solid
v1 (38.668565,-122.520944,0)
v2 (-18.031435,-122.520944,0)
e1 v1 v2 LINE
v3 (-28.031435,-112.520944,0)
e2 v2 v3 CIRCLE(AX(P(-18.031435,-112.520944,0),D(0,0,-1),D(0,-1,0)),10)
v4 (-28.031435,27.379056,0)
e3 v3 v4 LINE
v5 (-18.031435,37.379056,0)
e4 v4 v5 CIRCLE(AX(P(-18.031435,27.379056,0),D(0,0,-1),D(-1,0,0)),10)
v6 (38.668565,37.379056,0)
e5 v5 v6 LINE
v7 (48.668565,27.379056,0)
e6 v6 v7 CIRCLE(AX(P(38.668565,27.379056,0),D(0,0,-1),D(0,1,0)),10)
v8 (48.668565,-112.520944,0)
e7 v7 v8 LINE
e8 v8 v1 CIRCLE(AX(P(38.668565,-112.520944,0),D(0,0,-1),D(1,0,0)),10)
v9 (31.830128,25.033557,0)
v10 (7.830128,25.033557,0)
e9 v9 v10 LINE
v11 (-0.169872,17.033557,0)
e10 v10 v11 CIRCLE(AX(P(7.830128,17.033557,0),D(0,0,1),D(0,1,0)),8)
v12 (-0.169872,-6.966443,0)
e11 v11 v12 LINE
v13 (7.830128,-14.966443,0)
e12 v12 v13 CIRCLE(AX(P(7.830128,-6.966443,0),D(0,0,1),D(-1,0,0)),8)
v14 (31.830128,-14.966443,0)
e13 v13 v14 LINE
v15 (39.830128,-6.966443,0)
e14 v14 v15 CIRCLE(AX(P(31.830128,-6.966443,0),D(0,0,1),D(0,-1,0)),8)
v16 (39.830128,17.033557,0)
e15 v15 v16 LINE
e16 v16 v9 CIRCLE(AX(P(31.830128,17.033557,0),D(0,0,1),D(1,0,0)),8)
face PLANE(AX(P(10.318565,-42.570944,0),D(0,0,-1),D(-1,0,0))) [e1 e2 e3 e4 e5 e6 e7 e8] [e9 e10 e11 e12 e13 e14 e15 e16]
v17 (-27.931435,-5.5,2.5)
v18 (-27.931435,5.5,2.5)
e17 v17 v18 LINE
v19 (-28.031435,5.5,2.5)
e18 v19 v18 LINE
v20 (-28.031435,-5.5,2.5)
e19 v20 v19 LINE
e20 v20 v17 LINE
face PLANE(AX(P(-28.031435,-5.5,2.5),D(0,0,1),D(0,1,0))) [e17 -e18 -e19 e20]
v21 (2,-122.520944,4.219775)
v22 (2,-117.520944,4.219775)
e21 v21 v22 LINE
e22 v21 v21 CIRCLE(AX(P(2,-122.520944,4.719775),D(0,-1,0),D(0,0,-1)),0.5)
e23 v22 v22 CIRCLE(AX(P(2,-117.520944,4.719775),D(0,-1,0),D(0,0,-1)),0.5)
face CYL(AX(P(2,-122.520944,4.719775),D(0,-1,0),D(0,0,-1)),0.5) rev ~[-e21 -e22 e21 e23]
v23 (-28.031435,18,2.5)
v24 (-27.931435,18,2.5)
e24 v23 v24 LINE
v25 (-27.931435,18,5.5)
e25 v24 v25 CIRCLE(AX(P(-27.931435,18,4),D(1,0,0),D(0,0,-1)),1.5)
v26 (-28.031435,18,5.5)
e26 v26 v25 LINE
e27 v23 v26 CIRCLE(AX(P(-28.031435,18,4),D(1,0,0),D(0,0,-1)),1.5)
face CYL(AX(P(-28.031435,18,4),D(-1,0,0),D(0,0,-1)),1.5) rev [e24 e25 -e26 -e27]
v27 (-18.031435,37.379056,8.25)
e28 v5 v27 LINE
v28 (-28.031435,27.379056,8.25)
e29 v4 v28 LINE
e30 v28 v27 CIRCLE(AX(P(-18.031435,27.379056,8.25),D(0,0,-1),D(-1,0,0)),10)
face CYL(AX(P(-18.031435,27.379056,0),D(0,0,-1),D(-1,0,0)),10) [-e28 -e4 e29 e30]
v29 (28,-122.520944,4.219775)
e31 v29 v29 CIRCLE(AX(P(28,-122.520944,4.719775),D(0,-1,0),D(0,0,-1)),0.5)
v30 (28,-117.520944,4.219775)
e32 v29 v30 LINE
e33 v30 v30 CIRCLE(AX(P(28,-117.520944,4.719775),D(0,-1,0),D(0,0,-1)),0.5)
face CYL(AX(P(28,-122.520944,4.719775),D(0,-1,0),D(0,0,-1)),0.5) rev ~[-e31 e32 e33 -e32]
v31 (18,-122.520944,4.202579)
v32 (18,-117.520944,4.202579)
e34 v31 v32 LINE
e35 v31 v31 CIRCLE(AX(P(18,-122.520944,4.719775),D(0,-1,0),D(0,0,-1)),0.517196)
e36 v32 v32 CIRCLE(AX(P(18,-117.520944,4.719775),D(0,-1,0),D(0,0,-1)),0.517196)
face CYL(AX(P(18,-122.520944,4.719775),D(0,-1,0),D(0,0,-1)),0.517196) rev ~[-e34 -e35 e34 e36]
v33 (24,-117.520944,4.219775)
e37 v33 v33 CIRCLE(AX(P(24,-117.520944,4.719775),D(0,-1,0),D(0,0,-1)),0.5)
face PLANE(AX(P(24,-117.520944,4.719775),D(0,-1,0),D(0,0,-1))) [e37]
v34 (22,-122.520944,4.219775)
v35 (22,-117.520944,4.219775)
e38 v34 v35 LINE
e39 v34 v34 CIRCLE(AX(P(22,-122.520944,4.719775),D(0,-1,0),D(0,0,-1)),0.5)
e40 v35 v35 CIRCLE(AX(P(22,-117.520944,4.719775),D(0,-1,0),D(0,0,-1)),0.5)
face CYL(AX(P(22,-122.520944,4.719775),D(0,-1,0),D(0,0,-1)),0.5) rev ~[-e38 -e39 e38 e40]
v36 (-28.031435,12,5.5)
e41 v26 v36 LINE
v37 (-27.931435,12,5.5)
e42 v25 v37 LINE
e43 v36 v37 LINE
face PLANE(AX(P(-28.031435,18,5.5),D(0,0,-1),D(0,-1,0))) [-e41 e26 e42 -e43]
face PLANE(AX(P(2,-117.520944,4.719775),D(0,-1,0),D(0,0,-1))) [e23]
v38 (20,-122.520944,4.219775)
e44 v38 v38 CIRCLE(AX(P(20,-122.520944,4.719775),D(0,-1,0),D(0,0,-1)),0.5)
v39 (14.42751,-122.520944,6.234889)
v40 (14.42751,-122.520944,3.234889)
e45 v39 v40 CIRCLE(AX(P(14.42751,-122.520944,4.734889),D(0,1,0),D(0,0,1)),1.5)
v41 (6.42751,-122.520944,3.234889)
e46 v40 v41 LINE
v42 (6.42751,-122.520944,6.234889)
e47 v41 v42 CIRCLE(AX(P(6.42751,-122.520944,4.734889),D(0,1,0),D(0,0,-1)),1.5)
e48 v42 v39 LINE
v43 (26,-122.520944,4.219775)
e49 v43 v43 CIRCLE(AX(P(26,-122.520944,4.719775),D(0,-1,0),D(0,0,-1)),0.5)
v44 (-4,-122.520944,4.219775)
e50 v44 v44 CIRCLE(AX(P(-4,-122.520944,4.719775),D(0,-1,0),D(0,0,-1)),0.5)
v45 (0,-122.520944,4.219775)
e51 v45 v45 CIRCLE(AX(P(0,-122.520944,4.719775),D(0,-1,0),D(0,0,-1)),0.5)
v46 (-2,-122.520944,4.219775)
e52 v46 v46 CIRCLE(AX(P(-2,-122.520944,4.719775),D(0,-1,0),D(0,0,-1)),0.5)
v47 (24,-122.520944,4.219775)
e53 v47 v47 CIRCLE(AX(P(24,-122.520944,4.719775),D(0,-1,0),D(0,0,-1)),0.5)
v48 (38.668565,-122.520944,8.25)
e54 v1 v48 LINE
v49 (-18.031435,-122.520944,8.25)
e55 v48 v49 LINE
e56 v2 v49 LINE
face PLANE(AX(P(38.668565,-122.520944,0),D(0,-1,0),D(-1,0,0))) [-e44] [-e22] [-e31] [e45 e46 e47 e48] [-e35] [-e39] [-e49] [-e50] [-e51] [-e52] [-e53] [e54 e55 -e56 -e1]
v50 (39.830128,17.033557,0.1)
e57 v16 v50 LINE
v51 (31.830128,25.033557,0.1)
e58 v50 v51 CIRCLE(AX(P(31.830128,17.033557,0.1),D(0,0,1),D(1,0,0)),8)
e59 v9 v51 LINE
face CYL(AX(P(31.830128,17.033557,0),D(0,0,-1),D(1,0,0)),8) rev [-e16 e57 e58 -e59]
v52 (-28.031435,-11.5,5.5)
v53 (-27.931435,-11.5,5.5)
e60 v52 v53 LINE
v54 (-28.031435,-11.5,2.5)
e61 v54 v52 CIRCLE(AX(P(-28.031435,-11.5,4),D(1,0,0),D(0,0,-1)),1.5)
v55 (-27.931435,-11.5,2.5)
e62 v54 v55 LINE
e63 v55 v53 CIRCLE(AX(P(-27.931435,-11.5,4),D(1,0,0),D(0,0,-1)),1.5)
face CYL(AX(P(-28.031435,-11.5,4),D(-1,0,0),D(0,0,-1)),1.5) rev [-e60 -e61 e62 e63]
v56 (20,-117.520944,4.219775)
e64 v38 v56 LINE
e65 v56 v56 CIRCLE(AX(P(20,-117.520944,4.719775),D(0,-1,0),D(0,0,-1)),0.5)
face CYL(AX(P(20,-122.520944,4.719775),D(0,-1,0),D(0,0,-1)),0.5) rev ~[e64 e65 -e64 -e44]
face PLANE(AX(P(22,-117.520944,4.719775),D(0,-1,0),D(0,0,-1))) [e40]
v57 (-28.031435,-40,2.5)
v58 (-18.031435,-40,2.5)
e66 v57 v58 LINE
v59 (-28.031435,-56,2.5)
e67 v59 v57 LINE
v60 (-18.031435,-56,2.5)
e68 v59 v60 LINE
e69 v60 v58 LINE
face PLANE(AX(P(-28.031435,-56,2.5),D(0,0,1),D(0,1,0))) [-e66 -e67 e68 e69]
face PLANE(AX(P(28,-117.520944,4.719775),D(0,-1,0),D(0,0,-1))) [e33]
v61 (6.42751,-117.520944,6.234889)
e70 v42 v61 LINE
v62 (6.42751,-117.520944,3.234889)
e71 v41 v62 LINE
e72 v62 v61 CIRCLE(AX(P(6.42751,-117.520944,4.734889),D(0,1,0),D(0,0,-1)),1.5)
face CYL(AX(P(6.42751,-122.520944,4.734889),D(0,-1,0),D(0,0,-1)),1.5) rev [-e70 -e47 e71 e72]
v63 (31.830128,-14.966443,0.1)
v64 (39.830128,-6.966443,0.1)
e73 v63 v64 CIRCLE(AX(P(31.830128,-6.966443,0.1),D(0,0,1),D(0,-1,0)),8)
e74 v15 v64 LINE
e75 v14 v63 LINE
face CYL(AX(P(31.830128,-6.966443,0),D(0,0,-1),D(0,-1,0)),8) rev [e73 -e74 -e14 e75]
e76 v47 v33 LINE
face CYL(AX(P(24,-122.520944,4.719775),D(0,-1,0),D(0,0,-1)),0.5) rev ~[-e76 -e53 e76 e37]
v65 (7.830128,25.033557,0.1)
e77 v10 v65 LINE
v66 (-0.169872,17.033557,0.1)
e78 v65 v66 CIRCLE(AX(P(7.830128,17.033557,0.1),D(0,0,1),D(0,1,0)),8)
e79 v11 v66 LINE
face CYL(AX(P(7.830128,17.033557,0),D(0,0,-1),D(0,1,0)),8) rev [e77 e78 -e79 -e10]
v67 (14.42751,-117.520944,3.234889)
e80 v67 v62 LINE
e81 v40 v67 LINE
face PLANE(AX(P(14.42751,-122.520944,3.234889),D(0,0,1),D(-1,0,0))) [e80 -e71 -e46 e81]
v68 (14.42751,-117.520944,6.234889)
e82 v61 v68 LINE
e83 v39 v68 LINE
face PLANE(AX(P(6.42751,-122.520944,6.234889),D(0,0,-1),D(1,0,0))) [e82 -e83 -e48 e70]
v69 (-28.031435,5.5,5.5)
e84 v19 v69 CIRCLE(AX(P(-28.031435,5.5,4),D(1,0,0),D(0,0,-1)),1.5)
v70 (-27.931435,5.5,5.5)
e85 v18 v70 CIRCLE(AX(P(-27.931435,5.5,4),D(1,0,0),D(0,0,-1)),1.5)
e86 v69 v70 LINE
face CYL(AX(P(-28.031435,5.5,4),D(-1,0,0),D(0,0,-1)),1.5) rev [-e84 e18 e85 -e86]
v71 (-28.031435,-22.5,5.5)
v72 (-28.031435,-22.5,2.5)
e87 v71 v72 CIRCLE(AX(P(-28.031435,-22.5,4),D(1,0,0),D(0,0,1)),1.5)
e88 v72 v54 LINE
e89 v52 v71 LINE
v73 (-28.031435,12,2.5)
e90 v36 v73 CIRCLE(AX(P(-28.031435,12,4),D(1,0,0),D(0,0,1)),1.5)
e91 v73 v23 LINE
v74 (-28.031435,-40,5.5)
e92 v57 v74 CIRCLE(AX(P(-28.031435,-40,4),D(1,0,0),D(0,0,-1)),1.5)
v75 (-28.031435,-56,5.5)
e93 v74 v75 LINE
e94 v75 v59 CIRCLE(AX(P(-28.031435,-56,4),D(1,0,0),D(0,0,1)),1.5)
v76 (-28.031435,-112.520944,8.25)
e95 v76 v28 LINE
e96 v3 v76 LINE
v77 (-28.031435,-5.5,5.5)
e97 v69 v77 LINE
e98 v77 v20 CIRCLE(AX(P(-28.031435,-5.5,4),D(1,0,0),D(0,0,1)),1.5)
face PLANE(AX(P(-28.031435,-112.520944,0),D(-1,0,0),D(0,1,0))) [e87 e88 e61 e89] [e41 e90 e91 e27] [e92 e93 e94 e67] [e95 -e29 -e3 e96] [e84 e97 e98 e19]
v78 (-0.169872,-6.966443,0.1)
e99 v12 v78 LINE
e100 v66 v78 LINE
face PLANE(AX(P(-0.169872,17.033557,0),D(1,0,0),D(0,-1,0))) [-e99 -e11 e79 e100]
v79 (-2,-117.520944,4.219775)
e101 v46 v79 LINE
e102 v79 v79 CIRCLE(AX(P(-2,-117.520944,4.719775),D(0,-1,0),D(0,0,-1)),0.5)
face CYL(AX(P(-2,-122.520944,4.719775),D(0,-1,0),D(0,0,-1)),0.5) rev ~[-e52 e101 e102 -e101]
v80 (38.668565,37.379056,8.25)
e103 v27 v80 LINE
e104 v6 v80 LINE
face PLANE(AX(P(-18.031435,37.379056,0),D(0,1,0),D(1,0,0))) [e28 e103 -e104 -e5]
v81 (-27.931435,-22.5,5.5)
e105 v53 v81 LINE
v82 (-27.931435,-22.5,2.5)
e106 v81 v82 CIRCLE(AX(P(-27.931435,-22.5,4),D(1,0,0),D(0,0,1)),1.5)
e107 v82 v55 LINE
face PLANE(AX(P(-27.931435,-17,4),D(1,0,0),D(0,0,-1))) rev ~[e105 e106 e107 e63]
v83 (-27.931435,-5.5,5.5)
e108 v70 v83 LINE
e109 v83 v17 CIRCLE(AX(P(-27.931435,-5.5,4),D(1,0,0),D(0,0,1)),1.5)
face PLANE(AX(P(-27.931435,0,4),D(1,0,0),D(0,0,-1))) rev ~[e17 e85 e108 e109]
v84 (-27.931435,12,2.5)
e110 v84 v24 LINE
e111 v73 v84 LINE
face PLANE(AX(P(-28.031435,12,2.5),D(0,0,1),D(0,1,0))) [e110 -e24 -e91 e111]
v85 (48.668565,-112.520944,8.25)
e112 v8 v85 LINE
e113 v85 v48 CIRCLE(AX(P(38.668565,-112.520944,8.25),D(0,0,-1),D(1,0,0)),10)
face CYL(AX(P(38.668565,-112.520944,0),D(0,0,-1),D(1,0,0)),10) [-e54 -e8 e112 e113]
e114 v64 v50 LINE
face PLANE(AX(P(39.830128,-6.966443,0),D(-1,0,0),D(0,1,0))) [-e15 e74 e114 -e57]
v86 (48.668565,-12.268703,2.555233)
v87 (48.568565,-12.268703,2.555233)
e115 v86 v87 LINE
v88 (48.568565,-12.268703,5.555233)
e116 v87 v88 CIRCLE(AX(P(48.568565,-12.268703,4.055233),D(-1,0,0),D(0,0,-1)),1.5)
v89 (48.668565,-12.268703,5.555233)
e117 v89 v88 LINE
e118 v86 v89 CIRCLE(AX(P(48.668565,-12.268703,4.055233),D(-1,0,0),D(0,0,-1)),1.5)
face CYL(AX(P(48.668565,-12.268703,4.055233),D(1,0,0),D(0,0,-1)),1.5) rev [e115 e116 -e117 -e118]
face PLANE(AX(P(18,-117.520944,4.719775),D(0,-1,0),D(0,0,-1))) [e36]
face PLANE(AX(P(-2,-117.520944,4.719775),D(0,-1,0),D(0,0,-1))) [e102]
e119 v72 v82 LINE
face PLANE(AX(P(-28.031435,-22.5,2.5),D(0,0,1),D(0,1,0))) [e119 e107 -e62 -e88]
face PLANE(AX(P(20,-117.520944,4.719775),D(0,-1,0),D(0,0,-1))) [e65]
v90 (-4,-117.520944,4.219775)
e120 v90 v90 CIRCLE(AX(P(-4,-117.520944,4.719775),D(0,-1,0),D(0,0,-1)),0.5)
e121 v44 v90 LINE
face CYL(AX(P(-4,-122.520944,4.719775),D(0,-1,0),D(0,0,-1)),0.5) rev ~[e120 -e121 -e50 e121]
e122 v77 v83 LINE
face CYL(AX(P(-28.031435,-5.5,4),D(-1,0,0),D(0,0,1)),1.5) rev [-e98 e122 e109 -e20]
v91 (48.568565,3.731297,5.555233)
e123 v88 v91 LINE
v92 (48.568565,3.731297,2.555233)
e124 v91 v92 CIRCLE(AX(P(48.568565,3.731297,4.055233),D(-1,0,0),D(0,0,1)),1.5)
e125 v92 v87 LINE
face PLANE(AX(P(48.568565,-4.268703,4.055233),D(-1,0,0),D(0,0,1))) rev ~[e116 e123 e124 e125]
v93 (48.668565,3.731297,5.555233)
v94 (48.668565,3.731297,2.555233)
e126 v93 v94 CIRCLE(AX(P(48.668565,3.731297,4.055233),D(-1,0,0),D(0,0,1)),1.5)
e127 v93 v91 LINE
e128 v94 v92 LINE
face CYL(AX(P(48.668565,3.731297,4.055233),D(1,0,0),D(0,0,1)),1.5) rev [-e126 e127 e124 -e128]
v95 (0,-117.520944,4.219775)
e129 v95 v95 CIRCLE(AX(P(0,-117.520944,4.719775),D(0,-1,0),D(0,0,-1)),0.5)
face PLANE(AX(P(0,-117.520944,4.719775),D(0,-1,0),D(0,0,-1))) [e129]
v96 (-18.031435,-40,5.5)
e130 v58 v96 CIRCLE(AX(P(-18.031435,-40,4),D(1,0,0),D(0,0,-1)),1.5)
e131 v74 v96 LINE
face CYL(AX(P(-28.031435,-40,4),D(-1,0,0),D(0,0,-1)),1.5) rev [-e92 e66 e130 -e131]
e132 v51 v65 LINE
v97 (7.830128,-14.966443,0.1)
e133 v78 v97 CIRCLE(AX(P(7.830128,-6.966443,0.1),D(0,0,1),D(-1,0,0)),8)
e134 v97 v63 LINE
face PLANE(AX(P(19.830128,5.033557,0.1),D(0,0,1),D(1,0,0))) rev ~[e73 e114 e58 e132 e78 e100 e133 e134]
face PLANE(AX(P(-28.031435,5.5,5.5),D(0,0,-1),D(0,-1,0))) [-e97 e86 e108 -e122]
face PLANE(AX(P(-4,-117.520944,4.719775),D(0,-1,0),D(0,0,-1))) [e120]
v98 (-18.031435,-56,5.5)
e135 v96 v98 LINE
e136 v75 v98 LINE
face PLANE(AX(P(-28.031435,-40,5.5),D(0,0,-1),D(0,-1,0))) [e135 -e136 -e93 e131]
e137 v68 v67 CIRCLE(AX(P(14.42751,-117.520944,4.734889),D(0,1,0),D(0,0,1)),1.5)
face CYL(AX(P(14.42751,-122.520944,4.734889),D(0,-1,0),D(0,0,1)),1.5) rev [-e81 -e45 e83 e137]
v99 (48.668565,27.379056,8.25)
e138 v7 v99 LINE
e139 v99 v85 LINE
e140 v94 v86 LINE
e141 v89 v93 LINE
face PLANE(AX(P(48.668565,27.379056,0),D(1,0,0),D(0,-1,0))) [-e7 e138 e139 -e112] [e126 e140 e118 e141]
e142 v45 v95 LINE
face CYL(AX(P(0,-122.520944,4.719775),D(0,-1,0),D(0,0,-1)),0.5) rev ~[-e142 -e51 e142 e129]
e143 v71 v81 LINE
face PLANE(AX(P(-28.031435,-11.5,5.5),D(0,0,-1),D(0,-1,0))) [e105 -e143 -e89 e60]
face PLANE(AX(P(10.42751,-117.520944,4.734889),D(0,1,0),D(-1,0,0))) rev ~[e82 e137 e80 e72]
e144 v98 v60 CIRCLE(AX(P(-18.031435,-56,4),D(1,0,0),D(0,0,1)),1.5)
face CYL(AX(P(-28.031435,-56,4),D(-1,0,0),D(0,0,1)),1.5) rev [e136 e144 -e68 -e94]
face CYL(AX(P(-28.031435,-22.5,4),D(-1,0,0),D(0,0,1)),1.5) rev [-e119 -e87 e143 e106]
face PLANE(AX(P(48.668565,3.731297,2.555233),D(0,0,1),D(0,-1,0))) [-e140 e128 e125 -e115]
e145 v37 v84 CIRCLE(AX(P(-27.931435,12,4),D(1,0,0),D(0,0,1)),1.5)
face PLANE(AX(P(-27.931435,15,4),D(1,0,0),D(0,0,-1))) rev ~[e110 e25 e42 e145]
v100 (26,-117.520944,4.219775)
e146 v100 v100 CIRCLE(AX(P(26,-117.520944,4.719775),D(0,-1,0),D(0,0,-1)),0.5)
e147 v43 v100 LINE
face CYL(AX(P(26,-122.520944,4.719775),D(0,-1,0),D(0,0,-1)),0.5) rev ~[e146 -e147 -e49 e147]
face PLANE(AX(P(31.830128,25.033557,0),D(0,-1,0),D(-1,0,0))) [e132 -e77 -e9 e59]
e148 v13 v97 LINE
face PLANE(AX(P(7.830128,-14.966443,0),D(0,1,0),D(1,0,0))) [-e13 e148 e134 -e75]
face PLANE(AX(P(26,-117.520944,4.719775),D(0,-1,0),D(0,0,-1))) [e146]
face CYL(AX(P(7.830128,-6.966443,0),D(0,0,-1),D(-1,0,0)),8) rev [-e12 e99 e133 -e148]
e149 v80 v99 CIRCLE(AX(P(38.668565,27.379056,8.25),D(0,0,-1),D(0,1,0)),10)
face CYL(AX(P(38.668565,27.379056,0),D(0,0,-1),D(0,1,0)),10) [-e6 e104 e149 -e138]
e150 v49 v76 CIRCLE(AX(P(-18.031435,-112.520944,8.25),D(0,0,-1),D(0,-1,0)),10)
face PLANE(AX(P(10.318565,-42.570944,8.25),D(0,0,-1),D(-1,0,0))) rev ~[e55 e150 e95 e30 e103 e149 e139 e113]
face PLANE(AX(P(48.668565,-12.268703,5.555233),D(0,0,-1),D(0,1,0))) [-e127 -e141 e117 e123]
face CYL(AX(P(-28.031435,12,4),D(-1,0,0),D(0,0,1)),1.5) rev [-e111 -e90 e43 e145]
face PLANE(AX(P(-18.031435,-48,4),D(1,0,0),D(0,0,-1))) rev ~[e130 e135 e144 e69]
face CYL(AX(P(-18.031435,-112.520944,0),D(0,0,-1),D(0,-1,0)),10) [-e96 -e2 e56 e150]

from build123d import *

# Parameters (mm, degrees)
EXTRUDE_1_DEPTH     = 8.25
CUT_EXTRUDE_1_DEPTH = 5
SKETCH_4_R          = 0.5
SKETCH_4_R_2        = 0.517195783
CUT_EXTRUDE_2_DEPTH = 5
CUT_EXTRUDE_3_DEPTH = 0.1
SKETCH_6_R          = 0.157252924
CUT_EXTRUDE_4_DEPTH = 0.1
CUT_EXTRUDE_5_DEPTH = 0.1
CUT_EXTRUDE_6_DEPTH = 0.1
CUT_EXTRUDE_7_DEPTH = 10


with BuildPart() as part:
    # 草图1 → 凸台-拉伸1 (new body)
    with BuildSketch(Plane.XY):
        with BuildLine():
            Line((-18.031435036, 37.379055707), (38.668564964, 37.379055707))
            ThreePointArc((38.668564964, 37.379055707), (45.739632776, 34.450123519), (48.668564964, 27.379055707))
            Line((48.668564964, 27.379055707), (48.668564964, -112.520944293))
            ThreePointArc((48.668564964, -112.520944293), (45.739632776, -119.592012105), (38.668564964, -122.520944293))
            Line((38.668564964, -122.520944293), (-18.031435036, -122.520944293))
            ThreePointArc((-18.031435036, -122.520944293), (-25.102502847, -119.592012105), (-28.031435036, -112.520944293))
            Line((-28.031435036, -112.520944293), (-28.031435036, 27.379055707))
            ThreePointArc((-28.031435036, 27.379055707), (-25.102502847, 34.450123519), (-18.031435036, 37.379055707))
        make_face()
    extrude(amount=EXTRUDE_1_DEPTH)

    # 草图2 → 切除-拉伸1 (cut)
    with BuildSketch(Plane.XZ.offset(122.520944293)):
        with BuildLine():
            Line((6.427510461, 6.234889493), (14.427510461, 6.234889493))
            ThreePointArc((14.427510461, 6.234889493), (15.927510461, 4.734889493), (14.427510461, 3.234889493))
            Line((14.427510461, 3.234889493), (6.427510461, 3.234889493))
            ThreePointArc((6.427510461, 3.234889493), (4.927510461, 4.734889493), (6.427510461, 6.234889493))
        make_face()
    extrude(amount=-CUT_EXTRUDE_1_DEPTH, mode=Mode.SUBTRACT)

    # 草图4 → 切除-拉伸2 (cut)
    with BuildSketch(Plane.XZ.offset(122.520944293)):
        with Locations(Location((2, 4.719775151, 0), (0, 0, 270))):
            Circle(SKETCH_4_R)
        with Locations(Location((0, 4.71977515, 0), (0, 0, 270))):
            Circle(SKETCH_4_R)
        with Locations(Location((-2, 4.71977515, 0), (0, 0, 270))):
            Circle(SKETCH_4_R)
        with Locations(Location((-4, 4.71977515, 0), (0, 0, 270))):
            Circle(SKETCH_4_R)
        with Locations(Location((18, 4.71977515, 0), (0, 0, 270))):
            Circle(SKETCH_4_R_2)
        with Locations(Location((20, 4.71977515, 0), (0, 0, 270))):
            Circle(SKETCH_4_R)
        with Locations(Location((22, 4.71977515, 0), (0, 0, 270))):
            Circle(SKETCH_4_R)
        with Locations(Location((24, 4.71977515, 0), (0, 0, 270))):
            Circle(SKETCH_4_R)
        with Locations(Location((26, 4.71977515, 0), (0, 0, 270))):
            Circle(SKETCH_4_R)
        with Locations(Location((28, 4.71977515, 0), (0, 0, 270))):
            Circle(SKETCH_4_R)
    extrude(amount=-CUT_EXTRUDE_2_DEPTH, mode=Mode.SUBTRACT)

    # 草图5 → 切除-拉伸3 (cut)
    with BuildSketch(Plane(origin=(48.668564964, 0, 0), x_dir=(0, 0, -1), z_dir=(1, 0, 0))):
        with BuildLine():
            Line((-2.555232712, 3.731296592), (-2.555232712, -12.268703408))
            ThreePointArc((-2.555232712, -12.268703408), (-4.055232712, -13.768703408), (-5.555232712, -12.268703408))
            Line((-5.555232712, -12.268703408), (-5.555232712, 3.731296592))
            ThreePointArc((-5.555232712, 3.731296592), (-4.055232712, 5.231296592), (-2.555232712, 3.731296592))
        make_face()
    extrude(amount=-CUT_EXTRUDE_3_DEPTH, mode=Mode.SUBTRACT)

    # 草图6 → 切除-拉伸4 (cut)
    with BuildSketch(Plane.ZY.offset(28.031435036)):
        with Locations(Location((4.361987168, 13.879950774, 0), (0, 0, 270))):
            Circle(SKETCH_6_R)
        with BuildLine():
            Line((5.5, -11.5), (5.5, -22.5))
            ThreePointArc((5.5, -22.5), (4, -24), (2.5, -22.5))
            Line((2.5, -22.5), (2.5, -11.5))
            ThreePointArc((2.5, -11.5), (4, -10), (5.5, -11.5))
        make_face()
        with BuildLine():
            Line((5.5, 5.5), (5.5, -5.5))
            ThreePointArc((5.5, -5.5), (4, -7), (2.5, -5.5))
            Line((2.5, -5.5), (2.5, 5.5))
            ThreePointArc((2.5, 5.5), (4, 7), (5.5, 5.5))
        make_face()
    extrude(amount=-CUT_EXTRUDE_4_DEPTH, mode=Mode.SUBTRACT)

    # 草图9 → 切除-拉伸5 (cut)
    with BuildSketch(Plane.ZY.offset(28.031435036)):
        with BuildLine():
            Line((5.5, 18), (5.5, 12))
            ThreePointArc((5.5, 12), (4, 10.5), (2.5, 12))
            Line((2.5, 12), (2.5, 18))
            ThreePointArc((2.5, 18), (4, 19.5), (5.5, 18))
        make_face()
    extrude(amount=-CUT_EXTRUDE_5_DEPTH, mode=Mode.SUBTRACT)

    # 草图10 → 切除-拉伸6 (cut)
    with BuildSketch(Plane(origin=(0, 0, 0), x_dir=(-1, 0, 0), z_dir=(0, 0, -1))):
        with BuildLine():
            Line((-31.830127614, 25.033557379), (-7.830127614, 25.033557379))
            ThreePointArc((-7.830127614, 25.033557379), (-2.173273364, 22.690411628), (0.169872386, 17.033557379))
            Line((0.169872386, 17.033557379), (0.169872386, -6.966442621))
            ThreePointArc((0.169872386, -6.966442621), (-2.173273364, -12.623296871), (-7.830127614, -14.966442621))
            Line((-7.830127614, -14.966442621), (-31.830127614, -14.966442621))
            ThreePointArc((-31.830127614, -14.966442621), (-37.486981863, -12.623296871), (-39.830127614, -6.966442621))
            Line((-39.830127614, -6.966442621), (-39.830127614, 17.033557379))
            ThreePointArc((-39.830127614, 17.033557379), (-37.486981863, 22.690411628), (-31.830127614, 25.033557379))
        make_face()
    extrude(amount=-CUT_EXTRUDE_6_DEPTH, mode=Mode.SUBTRACT)

    # 草图11 → 切除-拉伸7 (cut)
    with BuildSketch(Plane.ZY.offset(28.031435036)):
        with BuildLine():
            Line((5.5, -40), (5.5, -56))
            ThreePointArc((5.5, -56), (4, -57.5), (2.5, -56))
            Line((2.5, -56), (2.5, -40))
            ThreePointArc((2.5, -40), (4, -38.5), (5.5, -40))
        make_face()
    extrude(amount=-CUT_EXTRUDE_7_DEPTH, mode=Mode.SUBTRACT)


solid = part.part
